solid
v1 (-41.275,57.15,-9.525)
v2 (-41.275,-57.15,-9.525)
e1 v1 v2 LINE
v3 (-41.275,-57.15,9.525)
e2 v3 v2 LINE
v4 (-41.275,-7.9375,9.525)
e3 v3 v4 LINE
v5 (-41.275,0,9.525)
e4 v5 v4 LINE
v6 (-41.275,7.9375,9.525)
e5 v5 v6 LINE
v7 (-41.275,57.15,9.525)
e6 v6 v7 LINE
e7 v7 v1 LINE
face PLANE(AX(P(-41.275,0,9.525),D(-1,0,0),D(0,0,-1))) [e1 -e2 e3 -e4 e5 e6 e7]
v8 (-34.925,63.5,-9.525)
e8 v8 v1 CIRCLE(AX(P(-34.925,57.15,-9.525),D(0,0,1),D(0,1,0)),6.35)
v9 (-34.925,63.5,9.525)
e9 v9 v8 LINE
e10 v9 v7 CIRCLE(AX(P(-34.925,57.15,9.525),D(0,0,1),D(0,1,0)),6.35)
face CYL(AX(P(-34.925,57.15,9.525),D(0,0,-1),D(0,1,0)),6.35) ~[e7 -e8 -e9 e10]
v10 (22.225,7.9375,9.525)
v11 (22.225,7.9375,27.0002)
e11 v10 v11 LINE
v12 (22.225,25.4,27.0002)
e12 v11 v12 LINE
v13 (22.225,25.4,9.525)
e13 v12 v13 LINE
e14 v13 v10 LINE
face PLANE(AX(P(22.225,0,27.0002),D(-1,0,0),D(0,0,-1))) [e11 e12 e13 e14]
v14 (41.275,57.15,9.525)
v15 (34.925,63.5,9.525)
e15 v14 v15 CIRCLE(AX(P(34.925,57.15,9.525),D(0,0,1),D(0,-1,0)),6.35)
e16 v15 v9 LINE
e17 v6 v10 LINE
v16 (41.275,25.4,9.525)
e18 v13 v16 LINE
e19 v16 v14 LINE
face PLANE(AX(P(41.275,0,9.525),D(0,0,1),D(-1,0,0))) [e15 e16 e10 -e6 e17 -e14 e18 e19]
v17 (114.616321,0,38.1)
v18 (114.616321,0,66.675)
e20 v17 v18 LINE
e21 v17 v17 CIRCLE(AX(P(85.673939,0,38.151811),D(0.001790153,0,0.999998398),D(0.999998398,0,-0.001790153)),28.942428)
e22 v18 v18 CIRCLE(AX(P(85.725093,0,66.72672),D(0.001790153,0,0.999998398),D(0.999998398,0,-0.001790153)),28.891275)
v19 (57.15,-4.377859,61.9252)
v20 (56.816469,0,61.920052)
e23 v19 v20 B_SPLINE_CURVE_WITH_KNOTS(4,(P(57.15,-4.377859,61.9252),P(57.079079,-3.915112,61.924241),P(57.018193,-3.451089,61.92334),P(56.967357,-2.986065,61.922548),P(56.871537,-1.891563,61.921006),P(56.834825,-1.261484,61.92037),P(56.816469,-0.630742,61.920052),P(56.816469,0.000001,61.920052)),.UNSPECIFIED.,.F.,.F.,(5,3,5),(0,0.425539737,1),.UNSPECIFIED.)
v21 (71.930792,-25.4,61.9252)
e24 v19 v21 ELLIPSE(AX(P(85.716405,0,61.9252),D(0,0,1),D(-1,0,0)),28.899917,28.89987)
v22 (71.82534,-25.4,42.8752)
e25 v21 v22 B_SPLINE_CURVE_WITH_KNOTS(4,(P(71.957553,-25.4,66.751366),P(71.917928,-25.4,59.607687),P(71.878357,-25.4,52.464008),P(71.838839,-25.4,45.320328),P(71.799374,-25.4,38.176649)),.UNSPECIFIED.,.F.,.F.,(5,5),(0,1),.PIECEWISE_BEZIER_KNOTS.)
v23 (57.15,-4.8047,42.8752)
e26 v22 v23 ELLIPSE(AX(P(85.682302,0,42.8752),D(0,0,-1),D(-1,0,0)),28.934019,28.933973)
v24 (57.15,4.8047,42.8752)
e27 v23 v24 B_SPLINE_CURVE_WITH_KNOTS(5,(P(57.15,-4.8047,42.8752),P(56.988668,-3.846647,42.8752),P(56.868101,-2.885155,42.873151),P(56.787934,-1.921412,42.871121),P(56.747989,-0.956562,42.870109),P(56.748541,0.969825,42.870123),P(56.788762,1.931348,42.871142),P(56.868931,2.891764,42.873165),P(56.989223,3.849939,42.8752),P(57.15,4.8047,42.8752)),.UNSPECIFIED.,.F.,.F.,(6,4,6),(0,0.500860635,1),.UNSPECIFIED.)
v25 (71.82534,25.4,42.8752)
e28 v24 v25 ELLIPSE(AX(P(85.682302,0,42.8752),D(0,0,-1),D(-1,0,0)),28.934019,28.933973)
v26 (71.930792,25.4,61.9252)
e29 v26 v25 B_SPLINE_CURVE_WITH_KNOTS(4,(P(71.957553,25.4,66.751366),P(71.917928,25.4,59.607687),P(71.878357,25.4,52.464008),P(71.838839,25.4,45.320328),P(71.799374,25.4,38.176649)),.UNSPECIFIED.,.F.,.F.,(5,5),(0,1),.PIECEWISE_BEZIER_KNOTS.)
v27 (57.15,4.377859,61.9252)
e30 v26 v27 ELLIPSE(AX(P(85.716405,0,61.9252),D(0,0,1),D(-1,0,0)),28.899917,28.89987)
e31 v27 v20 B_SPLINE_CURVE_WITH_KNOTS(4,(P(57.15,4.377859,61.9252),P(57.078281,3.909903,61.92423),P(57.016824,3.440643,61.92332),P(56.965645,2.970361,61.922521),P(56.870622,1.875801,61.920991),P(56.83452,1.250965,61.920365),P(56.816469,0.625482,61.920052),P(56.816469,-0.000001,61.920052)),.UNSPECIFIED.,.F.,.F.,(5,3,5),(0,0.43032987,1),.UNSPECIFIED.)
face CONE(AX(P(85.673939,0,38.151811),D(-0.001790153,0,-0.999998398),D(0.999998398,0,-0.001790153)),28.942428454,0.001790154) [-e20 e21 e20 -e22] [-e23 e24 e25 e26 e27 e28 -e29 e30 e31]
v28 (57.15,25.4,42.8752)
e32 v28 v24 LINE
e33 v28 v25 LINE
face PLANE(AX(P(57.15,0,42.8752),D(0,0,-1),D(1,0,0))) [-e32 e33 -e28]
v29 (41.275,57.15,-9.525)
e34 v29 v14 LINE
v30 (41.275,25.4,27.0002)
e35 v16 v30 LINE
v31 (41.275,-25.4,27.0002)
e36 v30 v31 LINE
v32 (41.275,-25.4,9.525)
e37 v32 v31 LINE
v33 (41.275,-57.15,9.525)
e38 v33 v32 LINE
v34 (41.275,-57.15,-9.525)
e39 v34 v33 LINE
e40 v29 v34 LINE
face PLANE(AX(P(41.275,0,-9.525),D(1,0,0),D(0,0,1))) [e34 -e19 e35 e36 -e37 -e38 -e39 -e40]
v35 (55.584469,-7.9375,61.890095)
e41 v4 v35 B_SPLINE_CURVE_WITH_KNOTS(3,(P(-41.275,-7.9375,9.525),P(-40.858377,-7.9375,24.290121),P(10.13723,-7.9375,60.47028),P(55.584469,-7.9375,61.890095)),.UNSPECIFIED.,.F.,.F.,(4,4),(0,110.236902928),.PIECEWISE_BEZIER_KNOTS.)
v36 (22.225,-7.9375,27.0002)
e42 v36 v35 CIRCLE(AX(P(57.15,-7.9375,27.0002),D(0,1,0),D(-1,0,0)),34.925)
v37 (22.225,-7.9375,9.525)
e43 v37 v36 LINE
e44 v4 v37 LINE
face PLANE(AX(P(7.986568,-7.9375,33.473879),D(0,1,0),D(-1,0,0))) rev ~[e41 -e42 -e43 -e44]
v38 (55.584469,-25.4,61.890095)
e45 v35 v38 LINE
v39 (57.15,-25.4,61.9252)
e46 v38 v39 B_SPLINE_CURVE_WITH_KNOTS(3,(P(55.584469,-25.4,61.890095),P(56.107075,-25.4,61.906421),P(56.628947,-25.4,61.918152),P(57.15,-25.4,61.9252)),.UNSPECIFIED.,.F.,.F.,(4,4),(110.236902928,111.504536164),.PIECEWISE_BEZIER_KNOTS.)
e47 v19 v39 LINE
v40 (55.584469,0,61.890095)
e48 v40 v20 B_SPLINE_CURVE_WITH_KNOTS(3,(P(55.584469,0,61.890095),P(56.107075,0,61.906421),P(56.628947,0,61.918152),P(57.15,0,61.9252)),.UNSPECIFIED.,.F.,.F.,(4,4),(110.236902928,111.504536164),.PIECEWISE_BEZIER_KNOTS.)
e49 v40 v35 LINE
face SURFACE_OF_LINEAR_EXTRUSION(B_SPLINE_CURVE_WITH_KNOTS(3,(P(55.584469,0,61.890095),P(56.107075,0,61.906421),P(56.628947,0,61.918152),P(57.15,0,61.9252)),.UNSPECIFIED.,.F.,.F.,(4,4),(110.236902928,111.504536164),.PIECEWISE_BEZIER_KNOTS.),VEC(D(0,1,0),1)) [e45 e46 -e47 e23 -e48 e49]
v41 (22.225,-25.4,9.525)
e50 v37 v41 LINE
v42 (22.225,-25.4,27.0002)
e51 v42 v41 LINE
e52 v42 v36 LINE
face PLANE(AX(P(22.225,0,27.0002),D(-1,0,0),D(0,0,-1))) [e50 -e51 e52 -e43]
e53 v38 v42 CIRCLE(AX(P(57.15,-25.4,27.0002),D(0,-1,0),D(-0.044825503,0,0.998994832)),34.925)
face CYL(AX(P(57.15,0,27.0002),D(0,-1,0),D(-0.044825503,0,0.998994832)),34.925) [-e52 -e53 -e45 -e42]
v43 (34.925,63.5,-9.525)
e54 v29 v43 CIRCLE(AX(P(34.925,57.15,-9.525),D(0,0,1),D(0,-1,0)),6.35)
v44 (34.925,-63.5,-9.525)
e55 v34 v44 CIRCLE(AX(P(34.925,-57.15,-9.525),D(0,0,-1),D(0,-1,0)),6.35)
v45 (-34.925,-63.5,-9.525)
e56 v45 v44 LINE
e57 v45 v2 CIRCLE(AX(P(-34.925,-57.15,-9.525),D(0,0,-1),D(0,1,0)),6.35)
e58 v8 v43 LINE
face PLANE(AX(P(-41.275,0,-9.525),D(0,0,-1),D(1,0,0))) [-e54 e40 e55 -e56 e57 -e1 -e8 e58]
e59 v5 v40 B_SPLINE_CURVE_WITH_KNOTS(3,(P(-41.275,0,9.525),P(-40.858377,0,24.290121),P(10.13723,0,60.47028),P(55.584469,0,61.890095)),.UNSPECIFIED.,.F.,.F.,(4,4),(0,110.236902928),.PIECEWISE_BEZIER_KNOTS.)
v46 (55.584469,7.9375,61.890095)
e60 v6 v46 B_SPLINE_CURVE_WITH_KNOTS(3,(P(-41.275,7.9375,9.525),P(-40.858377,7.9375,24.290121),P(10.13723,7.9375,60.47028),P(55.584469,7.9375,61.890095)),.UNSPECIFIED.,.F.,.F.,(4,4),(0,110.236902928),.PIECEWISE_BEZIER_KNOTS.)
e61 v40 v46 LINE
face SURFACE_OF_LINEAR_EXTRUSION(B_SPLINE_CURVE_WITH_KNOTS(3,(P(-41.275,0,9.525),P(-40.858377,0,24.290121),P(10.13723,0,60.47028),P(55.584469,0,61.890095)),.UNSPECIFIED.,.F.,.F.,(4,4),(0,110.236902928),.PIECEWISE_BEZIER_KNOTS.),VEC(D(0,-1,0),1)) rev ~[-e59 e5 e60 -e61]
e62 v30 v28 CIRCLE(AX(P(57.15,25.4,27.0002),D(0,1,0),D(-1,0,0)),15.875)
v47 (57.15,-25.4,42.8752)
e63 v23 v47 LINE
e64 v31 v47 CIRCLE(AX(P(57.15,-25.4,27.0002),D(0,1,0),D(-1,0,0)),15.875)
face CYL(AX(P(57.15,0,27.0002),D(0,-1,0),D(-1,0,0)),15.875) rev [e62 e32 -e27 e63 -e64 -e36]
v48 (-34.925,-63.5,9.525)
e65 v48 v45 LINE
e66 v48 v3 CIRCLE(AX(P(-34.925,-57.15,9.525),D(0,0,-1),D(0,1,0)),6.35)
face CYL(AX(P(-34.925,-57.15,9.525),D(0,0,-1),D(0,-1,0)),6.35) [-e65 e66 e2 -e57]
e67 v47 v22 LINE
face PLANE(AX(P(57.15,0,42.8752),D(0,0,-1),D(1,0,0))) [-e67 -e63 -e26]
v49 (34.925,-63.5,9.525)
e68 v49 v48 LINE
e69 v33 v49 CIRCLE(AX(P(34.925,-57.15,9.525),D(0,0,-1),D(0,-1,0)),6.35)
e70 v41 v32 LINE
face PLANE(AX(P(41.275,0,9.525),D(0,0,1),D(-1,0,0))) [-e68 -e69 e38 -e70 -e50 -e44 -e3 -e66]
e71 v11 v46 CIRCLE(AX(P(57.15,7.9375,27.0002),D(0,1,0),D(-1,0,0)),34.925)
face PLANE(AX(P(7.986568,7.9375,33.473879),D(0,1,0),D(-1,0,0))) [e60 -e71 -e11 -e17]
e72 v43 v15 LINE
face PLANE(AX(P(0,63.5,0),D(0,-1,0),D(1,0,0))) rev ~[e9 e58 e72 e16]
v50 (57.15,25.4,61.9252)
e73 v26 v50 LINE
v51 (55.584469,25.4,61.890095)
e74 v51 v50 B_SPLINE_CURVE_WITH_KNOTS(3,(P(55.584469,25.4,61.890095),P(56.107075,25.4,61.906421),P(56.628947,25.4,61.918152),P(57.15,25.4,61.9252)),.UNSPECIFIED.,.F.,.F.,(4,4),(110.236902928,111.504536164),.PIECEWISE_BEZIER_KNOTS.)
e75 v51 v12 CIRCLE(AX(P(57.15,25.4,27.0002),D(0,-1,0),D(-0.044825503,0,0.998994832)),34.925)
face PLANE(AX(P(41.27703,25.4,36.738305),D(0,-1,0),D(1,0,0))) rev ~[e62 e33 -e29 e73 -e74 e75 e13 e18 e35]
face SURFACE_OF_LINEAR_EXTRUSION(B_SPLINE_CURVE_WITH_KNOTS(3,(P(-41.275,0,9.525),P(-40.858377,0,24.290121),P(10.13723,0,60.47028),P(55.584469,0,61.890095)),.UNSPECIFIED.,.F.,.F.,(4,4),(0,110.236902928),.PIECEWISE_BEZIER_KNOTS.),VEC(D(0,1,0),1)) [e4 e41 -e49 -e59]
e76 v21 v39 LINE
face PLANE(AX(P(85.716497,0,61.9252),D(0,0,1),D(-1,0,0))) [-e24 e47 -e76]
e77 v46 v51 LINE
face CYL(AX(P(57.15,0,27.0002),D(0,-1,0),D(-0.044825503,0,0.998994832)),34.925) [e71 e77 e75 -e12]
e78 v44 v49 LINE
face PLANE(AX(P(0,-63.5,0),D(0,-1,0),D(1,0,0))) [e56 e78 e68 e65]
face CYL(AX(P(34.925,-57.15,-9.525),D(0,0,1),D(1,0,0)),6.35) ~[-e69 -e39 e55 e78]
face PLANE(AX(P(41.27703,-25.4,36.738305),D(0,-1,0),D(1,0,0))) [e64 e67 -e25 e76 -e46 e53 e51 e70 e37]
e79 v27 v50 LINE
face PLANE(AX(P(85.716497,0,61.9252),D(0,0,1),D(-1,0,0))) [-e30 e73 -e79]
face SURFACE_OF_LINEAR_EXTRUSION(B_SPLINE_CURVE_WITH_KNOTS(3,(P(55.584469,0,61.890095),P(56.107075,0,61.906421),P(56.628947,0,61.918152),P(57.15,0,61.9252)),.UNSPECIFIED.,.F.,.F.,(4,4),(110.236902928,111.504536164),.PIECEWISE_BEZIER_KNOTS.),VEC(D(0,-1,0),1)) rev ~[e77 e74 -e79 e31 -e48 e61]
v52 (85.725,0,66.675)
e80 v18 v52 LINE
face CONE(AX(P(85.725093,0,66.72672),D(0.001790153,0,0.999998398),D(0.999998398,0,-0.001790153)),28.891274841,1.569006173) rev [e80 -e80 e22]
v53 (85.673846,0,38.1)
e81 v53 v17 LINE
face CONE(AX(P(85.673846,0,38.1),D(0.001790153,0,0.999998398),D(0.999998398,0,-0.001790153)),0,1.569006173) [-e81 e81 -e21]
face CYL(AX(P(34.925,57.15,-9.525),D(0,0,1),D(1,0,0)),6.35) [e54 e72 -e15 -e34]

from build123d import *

# Parameters (mm, degrees)
F1_DEPTH = 63.5
F2_DEPTH = 25.4
F3_DEPTH = 7.9375
F5_R     = 6.35


with BuildPart() as f1:
    # F0 (on Front) → F1 (new body, symmetric)
    with BuildSketch(Plane.XZ):
        Polygon((22.225, 9.525), (-41.275, 9.525), (-41.275, -9.525), (41.275, -9.525), (41.275, 9.525), align=None)
    extrude(amount=F1_DEPTH, both=True)

    # F0 (on Front) → F2 (join, symmetric)
    with BuildSketch(Plane.XZ):
        with BuildLine():
            Line((22.225, 27.0002), (22.225, 9.525))
            Line((22.225, 9.525), (41.275, 9.525))
            Line((41.275, 9.525), (41.275, 27.0002))
            ThreePointArc((41.275, 27.0002), (45.9246798487, 38.2255201513), (57.15, 42.8752))
            Line((57.15, 42.8752), (63.8163211342, 42.8752))
            Line((63.8163211342, 42.8752), (63.8163211342, 61.9252))
            Line((63.8163211342, 61.9252), (57.15, 61.9252))
            add(Edge.make_bspline(
                [(55.5844693113, 61.8900945063), (56.1070749883, 61.9064212044), (56.6289469993, 61.918151508), (57.15, 61.9252)],
                knots=[110.2369029283, 110.2369029283, 110.2369029283, 110.2369029283, 111.5045361635, 111.5045361635, 111.5045361635, 111.5045361635], degree=3))
            ThreePointArc((55.5844693113, 61.8900945063), (31.9068644548, 51.1360598945), (22.225, 27.0002))
        make_face()
        Polygon((85.716497119, 61.9252), (63.8163211342, 61.9252), (63.8163211342, 42.8752), (85.6823946553, 42.8752), align=None)
    extrude(amount=F2_DEPTH, both=True)

    # F0 (on Front) → F3 (join, symmetric)
    with BuildSketch(Plane.XZ):
        with BuildLine():
            add(Edge.make_bspline(
                [(-41.275, 9.525), (-40.8583768694, 24.2901211008), (10.1372297725, 60.4702795479), (55.5844693113, 61.8900945063)],
                knots=[0, 0, 0, 0, 110.2369029283, 110.2369029283, 110.2369029283, 110.2369029283], degree=3))
            Line((-41.275, 9.525), (22.225, 9.525))
            Line((22.225, 9.525), (22.225, 27.0002))
            ThreePointArc((22.225, 27.0002), (31.9068644548, 51.1360598945), (55.5844693113, 61.8900945063))
        make_face()
    extrude(amount=F3_DEPTH, both=True)

    # F0 (on Front) → F4 (revolve)
    with BuildSketch(Plane.XZ):
        Polygon((85.725, 66.675), (85.716497119, 61.9252), (85.6823946553, 42.8752), (85.6738463044, 38.1), (114.6163211342, 38.1), (114.6163211342, 66.675), align=None)
    revolve(axis=Axis((85.6994231522, 0, 52.3875), (0.0017901527, 0, 0.9999983977)))

    # F5
    f5_edges = [f1.edges().sort_by_distance(p)[0] for p in [
        (-41.275, -63.5, 0),
        (41.275, -63.5, 0),
        (-41.275, 63.5, 0),
        (41.275, 63.5, 0),
    ]]
    fillet(f5_edges, radius=F5_R)


solid = f1.part
